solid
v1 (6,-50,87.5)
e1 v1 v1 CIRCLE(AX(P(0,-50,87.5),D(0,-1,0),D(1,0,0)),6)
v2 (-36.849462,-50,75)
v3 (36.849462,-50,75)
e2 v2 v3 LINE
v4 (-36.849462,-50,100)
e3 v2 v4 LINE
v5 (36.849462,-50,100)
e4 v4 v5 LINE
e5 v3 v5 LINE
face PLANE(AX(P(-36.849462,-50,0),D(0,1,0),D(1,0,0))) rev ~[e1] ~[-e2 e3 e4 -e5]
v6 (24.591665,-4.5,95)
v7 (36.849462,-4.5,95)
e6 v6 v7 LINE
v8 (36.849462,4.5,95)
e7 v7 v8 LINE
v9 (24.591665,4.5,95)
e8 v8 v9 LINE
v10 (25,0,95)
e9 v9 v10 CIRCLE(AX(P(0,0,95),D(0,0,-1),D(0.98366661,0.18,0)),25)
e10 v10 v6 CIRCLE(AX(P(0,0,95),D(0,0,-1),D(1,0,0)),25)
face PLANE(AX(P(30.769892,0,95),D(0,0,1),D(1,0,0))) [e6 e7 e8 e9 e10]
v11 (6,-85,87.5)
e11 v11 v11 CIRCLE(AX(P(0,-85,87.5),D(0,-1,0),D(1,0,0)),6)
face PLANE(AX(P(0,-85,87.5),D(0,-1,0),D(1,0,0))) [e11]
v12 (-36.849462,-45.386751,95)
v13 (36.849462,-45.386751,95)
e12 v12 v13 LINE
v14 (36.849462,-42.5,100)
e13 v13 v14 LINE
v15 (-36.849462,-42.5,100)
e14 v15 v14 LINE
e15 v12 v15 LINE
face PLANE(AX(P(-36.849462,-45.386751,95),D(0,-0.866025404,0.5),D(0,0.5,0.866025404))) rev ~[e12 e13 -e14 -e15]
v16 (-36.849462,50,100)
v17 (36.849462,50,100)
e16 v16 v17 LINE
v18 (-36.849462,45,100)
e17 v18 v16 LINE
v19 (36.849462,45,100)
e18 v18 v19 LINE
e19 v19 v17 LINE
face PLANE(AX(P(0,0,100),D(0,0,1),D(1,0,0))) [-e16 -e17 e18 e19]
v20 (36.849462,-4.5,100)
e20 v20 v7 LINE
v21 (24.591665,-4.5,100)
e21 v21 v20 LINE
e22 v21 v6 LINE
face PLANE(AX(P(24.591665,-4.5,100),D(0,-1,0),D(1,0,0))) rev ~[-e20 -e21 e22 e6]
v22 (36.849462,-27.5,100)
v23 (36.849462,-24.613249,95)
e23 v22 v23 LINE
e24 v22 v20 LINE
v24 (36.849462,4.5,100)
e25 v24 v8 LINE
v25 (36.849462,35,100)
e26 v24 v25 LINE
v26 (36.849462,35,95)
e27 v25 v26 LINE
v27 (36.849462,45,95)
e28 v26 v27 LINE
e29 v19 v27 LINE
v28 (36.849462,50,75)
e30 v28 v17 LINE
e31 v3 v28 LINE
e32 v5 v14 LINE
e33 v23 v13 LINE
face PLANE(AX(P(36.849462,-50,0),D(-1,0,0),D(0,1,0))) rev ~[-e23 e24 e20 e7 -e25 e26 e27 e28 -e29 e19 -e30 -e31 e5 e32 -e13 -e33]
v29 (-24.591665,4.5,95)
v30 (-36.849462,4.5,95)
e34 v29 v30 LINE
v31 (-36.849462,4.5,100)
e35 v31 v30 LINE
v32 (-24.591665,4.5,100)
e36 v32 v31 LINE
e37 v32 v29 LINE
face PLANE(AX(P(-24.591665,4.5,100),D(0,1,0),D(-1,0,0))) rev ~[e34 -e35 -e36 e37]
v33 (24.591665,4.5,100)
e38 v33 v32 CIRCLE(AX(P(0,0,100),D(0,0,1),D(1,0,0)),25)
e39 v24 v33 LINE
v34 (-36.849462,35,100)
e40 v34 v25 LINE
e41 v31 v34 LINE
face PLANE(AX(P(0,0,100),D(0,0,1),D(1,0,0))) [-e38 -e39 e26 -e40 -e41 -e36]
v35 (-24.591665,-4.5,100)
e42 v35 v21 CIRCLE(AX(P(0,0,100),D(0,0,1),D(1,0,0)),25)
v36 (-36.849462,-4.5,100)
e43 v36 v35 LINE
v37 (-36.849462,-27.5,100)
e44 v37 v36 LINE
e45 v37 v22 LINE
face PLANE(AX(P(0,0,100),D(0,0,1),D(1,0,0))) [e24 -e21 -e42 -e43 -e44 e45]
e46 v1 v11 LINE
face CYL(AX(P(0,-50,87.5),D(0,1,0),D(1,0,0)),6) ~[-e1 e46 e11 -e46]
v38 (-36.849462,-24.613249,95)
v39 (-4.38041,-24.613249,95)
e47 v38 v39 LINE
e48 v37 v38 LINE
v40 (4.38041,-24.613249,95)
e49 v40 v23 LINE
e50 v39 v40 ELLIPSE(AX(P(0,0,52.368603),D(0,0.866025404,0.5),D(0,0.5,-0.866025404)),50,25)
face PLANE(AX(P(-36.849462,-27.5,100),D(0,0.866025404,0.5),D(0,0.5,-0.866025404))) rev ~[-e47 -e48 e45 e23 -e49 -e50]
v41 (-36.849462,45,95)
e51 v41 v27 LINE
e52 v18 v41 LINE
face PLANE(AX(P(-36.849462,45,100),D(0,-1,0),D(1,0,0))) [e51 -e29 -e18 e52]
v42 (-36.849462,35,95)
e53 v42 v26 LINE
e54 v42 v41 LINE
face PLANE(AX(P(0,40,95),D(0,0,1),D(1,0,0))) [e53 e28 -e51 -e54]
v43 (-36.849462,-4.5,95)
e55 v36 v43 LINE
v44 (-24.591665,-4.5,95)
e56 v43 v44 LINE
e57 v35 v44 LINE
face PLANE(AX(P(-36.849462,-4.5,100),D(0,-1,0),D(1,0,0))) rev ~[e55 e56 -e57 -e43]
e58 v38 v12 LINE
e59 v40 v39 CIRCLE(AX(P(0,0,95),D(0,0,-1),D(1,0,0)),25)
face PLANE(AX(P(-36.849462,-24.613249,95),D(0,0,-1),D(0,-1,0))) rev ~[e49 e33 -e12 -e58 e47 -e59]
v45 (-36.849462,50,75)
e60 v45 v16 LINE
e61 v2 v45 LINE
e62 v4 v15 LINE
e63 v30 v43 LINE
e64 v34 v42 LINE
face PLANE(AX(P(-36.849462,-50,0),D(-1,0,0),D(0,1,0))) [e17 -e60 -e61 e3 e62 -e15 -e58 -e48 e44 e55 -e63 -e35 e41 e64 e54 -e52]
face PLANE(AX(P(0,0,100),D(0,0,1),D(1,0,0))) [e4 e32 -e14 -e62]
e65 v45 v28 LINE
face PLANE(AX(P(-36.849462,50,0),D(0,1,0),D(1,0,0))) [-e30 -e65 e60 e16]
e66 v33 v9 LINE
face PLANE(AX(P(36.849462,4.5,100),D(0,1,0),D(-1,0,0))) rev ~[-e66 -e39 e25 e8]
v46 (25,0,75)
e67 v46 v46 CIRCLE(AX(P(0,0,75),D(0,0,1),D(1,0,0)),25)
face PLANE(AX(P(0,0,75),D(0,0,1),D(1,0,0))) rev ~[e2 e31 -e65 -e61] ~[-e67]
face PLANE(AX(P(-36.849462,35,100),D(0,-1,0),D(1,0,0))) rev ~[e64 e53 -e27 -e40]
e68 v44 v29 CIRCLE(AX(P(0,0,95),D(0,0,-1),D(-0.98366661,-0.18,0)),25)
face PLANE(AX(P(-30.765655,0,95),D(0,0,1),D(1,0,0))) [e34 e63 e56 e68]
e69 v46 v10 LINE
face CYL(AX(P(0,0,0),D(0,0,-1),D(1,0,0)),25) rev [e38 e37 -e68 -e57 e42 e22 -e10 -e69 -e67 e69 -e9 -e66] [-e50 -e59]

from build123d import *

# Parameters (mm, degrees)
F1_W      = 73.6989242806
F1_H      = 100
F1_R      = 25
F2_DEPTH  = 100
F3_W      = 73.6989242806
F3_H      = 10
F4_DEPTH  = 5
F6_DEPTH  = 73.6989242806
F0_W      = 73.6989242806
F0_H      = 100
F7_DEPTH  = 75
F8_DEPTH  = 75
F9_R      = 6
F10_DEPTH = 35


with BuildPart() as f2:
    # F1 (on face) → F2 (new body)
    with BuildSketch(Plane.XY):
        Rectangle(F1_W, F1_H)
        Circle(F1_R, mode=Mode.SUBTRACT)
    extrude(amount=F2_DEPTH)

    # F3 (on face) → F4 (cut)
    with BuildSketch(Plane.XY.offset(100)):
        with BuildLine():
            Line((-24.5916652547, 4.5), (-36.8494621403, 4.5))
            Line((-36.8494621403, 4.5), (-36.8494621403, -4.5))
            Line((-36.8494621403, -4.5), (-24.5916652547, -4.5))
            ThreePointArc((-24.5916652547, -4.5), (-25, 0), (-24.5916652547, 4.5))
        make_face()
        with BuildLine():
            Line((36.8494621403, -4.5), (36.8494621403, 4.5))
            Line((36.8494621403, 4.5), (24.5916652547, 4.5))
            ThreePointArc((24.5916652547, 4.5), (24.8977070367, 2.2592441913), (25, 0))
            ThreePointArc((25, 0), (24.8977070367, -2.2592441913), (24.5916652547, -4.5))
            Line((24.5916652547, -4.5), (36.8494621403, -4.5))
        make_face()
        with Locations((0, 40)):
            Rectangle(F3_W, F3_H)
    extrude(amount=-F4_DEPTH, mode=Mode.SUBTRACT)

    # F5 (on face) → F6 (cut, through all)
    with BuildSketch(Plane(origin=(-36.8494621403, 0, 0), x_dir=(0, -1, 0), z_dir=(-1, 0, 0))):
        Polygon((42.5, 100), (27.5, 100), (24.6132486541, 95), (45.3867513459, 95), align=None)
    extrude(amount=-F6_DEPTH, mode=Mode.SUBTRACT)

    # F0 (on Top) → F7 (cut)
    with BuildSketch(Plane.XY):
        Rectangle(F0_W, F0_H)
    extrude(amount=-F7_DEPTH, mode=Mode.SUBTRACT)

    # F8 (cut): a face of the model
    f8_faces = [f2.faces().sort_by_distance(p)[0] for p in [
        (0, -48.7577628471, 0),
    ]]
    extrude(f8_faces, amount=-F8_DEPTH, mode=Mode.SUBTRACT)

    # F9 (on face) → F10 (join)
    with BuildSketch(Plane.XZ.offset(50)):
        with Locations((0, 87.5)):
            Circle(F9_R)
    extrude(amount=F10_DEPTH)


solid = f2.part
